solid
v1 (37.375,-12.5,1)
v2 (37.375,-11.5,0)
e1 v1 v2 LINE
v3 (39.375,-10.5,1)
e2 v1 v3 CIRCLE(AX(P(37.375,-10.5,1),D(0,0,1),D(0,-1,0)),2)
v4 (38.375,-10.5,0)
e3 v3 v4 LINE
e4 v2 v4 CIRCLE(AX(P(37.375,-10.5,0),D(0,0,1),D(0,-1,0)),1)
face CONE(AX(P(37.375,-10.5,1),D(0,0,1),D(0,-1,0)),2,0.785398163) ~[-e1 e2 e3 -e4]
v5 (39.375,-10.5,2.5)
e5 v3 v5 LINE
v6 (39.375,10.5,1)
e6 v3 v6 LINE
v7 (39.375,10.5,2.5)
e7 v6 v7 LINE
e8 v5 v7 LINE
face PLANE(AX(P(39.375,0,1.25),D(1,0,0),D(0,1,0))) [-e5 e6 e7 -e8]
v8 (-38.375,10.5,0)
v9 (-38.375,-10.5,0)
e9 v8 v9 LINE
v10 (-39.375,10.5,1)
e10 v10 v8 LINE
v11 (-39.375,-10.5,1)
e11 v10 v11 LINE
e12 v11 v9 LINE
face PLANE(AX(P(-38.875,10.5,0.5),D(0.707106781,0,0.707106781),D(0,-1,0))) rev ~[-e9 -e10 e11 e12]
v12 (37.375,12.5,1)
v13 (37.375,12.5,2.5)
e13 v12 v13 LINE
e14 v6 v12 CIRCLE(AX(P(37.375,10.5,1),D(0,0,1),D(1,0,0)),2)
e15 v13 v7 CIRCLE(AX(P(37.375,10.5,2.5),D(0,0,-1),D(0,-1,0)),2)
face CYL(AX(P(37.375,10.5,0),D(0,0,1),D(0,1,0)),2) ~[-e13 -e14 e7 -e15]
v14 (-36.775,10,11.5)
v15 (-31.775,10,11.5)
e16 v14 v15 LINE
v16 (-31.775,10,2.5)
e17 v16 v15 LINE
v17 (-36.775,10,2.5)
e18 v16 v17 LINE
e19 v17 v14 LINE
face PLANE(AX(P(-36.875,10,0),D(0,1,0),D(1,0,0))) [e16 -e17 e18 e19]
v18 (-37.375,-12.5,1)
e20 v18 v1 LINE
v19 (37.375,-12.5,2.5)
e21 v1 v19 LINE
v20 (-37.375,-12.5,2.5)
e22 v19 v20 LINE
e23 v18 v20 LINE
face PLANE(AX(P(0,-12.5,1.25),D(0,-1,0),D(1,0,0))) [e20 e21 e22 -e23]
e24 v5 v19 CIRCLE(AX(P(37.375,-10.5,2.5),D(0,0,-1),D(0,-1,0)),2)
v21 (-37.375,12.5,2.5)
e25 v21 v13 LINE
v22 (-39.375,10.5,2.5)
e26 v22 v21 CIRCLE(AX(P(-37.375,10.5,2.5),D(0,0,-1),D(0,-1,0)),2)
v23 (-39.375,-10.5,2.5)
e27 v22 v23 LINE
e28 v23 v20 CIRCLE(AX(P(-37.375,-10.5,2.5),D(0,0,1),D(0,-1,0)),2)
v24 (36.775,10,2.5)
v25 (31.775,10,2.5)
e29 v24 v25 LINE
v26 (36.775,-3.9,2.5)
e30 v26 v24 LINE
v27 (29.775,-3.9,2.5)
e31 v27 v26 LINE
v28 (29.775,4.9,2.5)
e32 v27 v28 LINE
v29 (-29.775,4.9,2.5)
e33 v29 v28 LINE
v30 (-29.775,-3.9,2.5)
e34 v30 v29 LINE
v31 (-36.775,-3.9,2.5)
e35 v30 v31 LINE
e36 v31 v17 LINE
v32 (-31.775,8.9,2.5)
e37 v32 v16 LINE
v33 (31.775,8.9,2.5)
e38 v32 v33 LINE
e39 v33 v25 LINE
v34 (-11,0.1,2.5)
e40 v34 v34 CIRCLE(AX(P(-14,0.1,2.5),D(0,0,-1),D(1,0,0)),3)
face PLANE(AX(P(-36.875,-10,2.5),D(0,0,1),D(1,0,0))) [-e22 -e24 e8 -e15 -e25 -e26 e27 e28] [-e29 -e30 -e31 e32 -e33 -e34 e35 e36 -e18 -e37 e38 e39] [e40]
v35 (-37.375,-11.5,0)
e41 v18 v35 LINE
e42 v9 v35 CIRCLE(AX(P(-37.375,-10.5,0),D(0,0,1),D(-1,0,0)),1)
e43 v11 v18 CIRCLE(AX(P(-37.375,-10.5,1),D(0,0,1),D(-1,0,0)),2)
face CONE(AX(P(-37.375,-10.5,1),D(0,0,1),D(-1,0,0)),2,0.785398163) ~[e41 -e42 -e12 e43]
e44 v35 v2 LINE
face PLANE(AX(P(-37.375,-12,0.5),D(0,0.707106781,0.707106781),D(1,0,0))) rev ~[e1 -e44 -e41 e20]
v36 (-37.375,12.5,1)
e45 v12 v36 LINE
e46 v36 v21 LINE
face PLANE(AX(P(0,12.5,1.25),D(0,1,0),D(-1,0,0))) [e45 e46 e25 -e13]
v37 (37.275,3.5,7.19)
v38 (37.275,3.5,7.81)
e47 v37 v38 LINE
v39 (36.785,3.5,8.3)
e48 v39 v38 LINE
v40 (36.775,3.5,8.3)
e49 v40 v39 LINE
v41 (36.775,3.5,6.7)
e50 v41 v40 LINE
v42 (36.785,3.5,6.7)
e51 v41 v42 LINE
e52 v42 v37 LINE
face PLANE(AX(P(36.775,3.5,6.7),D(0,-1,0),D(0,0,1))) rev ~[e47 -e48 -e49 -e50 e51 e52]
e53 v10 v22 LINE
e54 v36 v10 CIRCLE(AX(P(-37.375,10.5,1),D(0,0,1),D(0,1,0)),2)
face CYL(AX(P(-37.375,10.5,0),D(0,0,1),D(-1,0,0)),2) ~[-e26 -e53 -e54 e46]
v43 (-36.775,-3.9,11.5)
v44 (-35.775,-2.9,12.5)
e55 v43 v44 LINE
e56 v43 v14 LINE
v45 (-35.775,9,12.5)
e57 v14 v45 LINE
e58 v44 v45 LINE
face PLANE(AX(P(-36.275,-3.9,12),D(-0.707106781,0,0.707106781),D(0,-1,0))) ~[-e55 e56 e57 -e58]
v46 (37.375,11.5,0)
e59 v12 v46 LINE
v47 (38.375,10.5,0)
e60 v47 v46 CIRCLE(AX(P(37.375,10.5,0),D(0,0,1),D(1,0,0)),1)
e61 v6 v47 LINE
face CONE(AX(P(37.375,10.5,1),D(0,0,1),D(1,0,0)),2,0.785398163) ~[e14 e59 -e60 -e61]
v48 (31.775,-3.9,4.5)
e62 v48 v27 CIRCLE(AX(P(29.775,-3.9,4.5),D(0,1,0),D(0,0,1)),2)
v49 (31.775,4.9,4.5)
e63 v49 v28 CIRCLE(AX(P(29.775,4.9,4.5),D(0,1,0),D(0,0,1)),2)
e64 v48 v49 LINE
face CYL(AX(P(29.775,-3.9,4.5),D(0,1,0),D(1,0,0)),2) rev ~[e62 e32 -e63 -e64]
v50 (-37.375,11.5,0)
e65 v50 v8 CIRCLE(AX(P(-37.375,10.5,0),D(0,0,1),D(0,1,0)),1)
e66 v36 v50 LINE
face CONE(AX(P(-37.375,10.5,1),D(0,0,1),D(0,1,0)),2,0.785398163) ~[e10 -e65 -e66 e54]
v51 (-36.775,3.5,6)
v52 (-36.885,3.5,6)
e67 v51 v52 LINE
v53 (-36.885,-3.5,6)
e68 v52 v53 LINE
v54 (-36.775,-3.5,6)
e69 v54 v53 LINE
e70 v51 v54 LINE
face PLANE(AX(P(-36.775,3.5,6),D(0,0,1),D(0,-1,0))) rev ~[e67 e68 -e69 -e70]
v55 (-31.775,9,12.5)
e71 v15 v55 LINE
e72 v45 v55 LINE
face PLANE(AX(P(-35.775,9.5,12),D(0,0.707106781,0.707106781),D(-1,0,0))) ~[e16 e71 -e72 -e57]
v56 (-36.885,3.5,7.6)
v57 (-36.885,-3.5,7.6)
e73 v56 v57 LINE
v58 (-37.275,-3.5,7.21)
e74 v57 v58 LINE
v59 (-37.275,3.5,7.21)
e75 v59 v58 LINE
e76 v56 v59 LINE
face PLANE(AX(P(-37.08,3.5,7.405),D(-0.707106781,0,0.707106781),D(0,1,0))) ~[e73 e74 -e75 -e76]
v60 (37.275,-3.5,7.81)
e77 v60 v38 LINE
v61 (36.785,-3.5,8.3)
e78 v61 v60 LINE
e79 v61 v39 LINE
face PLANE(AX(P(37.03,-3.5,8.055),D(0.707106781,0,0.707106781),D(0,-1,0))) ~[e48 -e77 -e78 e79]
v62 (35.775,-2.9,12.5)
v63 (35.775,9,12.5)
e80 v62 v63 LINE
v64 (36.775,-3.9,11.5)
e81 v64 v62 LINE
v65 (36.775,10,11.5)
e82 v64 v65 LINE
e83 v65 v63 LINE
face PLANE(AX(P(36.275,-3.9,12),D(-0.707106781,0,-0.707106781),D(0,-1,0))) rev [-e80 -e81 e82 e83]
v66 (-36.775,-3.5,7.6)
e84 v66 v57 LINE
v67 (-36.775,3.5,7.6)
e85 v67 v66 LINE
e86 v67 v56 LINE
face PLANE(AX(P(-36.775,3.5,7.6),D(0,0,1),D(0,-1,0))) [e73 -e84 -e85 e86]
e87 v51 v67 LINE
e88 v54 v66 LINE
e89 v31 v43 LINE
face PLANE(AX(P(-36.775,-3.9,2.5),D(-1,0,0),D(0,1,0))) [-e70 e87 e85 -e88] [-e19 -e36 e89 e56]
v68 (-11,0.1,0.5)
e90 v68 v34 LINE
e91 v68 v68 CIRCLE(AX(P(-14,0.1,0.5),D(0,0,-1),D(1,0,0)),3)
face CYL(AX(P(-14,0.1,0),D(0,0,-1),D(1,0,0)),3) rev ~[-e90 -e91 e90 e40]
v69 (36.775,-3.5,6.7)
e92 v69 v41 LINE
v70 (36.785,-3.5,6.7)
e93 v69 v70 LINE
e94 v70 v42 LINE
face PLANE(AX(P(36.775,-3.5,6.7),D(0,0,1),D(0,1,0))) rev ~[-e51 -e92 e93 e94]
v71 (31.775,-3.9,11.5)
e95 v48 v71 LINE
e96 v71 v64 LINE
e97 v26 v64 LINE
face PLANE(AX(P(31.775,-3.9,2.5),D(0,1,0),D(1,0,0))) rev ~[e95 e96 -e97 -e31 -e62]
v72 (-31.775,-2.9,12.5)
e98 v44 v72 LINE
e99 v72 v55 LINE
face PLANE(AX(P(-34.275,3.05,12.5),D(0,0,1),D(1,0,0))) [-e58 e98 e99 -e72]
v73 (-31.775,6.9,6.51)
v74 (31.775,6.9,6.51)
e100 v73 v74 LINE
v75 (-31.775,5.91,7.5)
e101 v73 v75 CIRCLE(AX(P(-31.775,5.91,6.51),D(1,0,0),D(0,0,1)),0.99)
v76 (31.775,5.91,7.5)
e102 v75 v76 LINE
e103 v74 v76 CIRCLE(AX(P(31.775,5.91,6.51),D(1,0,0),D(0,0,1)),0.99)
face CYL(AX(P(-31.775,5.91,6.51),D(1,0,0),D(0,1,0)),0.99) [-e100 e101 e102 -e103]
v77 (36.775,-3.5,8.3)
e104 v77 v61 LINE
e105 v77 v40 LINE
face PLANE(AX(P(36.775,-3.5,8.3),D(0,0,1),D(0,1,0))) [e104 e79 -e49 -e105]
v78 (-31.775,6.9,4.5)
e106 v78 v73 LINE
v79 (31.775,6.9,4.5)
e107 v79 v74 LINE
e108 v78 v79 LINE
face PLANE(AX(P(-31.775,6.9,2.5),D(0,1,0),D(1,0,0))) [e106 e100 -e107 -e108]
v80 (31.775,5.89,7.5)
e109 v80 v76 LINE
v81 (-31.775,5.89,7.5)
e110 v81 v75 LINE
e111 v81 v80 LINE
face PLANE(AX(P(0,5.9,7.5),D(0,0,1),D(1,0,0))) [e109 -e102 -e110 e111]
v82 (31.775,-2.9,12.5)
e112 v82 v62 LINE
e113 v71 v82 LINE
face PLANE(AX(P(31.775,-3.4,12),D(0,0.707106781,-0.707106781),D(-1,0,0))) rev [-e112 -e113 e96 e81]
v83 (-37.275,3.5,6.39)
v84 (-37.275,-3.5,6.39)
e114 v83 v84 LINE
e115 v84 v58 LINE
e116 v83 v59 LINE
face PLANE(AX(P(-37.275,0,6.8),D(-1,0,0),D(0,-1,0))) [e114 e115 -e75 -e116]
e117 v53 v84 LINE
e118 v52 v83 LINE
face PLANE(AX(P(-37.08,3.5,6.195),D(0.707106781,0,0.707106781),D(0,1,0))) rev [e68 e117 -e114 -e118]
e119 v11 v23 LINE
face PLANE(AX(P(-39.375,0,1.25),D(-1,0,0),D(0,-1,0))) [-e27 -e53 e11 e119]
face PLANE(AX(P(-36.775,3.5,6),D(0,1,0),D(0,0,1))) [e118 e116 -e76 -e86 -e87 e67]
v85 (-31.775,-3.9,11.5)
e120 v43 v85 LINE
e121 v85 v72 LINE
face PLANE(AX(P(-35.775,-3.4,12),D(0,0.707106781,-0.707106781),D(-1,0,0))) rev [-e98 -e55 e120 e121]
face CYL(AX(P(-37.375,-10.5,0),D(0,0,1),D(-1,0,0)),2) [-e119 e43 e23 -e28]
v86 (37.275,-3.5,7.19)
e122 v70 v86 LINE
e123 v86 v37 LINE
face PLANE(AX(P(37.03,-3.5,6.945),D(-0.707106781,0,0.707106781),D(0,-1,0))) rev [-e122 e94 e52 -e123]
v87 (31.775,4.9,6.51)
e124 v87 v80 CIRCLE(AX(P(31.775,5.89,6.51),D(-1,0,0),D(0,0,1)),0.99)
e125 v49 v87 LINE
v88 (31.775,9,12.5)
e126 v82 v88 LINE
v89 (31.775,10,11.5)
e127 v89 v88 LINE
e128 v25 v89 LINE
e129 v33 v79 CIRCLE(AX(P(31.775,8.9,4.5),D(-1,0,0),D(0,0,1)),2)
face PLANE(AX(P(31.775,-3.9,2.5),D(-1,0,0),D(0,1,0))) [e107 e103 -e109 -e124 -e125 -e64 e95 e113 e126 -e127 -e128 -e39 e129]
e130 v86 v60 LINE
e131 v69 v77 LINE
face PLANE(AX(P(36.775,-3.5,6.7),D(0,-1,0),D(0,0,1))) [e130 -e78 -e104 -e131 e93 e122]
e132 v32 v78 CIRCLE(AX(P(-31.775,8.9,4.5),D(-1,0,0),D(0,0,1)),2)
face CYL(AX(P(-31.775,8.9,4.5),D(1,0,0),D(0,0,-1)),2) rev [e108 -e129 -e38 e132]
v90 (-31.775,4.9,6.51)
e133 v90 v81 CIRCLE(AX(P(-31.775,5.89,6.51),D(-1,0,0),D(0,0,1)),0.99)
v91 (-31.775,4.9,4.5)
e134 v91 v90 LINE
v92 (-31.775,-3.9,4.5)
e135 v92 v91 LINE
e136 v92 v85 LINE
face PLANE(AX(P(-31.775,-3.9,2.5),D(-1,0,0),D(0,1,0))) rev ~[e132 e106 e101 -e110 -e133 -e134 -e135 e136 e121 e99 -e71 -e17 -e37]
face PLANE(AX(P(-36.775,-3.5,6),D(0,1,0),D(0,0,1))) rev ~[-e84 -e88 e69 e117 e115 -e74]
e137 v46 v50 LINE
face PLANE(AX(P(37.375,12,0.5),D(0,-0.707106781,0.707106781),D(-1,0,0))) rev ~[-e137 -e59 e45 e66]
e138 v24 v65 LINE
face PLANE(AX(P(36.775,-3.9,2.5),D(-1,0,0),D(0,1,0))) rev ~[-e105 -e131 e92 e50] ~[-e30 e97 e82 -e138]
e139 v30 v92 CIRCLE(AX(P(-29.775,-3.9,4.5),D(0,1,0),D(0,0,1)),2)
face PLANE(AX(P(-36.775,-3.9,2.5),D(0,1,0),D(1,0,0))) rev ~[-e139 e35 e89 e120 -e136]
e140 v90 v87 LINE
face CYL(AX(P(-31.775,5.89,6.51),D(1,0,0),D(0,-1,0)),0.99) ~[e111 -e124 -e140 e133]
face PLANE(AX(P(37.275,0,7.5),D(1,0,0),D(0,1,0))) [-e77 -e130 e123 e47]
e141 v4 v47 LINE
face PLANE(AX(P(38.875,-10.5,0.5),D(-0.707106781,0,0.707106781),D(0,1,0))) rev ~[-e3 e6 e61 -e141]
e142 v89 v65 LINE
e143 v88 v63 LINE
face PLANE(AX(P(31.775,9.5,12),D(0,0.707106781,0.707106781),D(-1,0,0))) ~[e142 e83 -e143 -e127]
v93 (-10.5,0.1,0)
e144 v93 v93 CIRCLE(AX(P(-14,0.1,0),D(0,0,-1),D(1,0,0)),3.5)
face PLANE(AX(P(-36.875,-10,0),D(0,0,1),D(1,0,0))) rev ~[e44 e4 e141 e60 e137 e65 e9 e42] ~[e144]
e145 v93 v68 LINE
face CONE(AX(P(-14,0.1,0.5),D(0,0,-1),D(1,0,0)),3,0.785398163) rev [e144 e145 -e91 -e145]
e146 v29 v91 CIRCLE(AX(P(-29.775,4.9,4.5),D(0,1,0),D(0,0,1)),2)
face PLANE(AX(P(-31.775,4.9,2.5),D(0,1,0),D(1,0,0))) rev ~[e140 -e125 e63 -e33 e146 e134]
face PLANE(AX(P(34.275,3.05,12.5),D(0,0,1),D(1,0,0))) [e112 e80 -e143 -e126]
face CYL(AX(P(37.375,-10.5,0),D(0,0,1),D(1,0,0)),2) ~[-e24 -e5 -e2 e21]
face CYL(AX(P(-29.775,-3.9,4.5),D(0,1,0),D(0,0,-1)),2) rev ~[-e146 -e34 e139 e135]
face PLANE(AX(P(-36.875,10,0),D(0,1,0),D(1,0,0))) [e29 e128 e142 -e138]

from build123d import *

# Parameters (mm, degrees)
SKETCH_W        = 73.75
SKETCH_H        = 20
PAD_DEPTH       = 2.5
SKETCH001_W     = 5
SKETCH001_H     = 13.9
PAD001_DEPTH    = 10
SKETCH002_W     = 25
SKETCH002_H     = 2.5
PAD002_DEPTH    = 2.5
SKETCH003_W     = 25
SKETCH003_H     = 2.5
PAD003_DEPTH    = 2.5
SKETCH004_W     = 73.75
SKETCH004_H     = 2.5
PAD004_DEPTH    = 2.5
SKETCH005_W     = 73.75
SKETCH005_H     = 2.5
PAD005_DEPTH    = 2.5
FILLET_R        = 2
SKETCH006_R     = 3
POCKET_DEPTH    = 5
CHAMFER_SIZE    = 0.5
SKETCH007_W     = 7
SKETCH007_H     = 1.6
PAD006_DEPTH    = 0.5
CHAMFER001_SIZE = 0.39
SKETCH008_W     = 7
SKETCH008_H     = 1.6
PAD007_DEPTH    = 0.5
CHAMFER002_SIZE = 0.49
CHAMFER003_SIZE = 1
CHAMFER004_SIZE = 1
CHAMFER005_SIZE = 1
SKETCH009_W     = 63.55
SKETCH009_H     = 2
PAD008_DEPTH    = 5
FILLET001_R     = 2
FILLET002_R     = 0.99
FILLET003_R     = 2


with BuildPart() as part:
    # Sketch → Pad (new body)
    with BuildSketch(Plane.XY):
        Rectangle(SKETCH_W, SKETCH_H)
    extrude(amount=PAD_DEPTH)

    # Sketch001 (on Face6 of Pad) → Pad001 (join)
    with BuildSketch(Plane.XY.offset(2.5)):
        with Locations((34.275, 3.05)):
            Rectangle(SKETCH001_W, SKETCH001_H)
        with Locations((-34.275, 3.05)):
            Rectangle(SKETCH001_W, SKETCH001_H)
    extrude(amount=PAD001_DEPTH)

    # Sketch002 (on Face2 of Pad001) → Pad002 (join)
    with BuildSketch(Plane(origin=(-36.875, 0, 0), x_dir=(0, -1, 0), z_dir=(-1, 0, 0))):
        with Locations((0, 1.25)):
            Rectangle(SKETCH002_W, SKETCH002_H)
    extrude(amount=PAD002_DEPTH)

    # Sketch003 (on Face16 of Pad002) → Pad003 (join)
    with BuildSketch(Plane.YZ.offset(36.875)):
        with Locations((0, 1.25)):
            Rectangle(SKETCH003_W, SKETCH003_H)
    extrude(amount=PAD003_DEPTH)

    # Sketch004 (on Face10 of Pad003) → Pad004 (join)
    with BuildSketch(Plane(origin=(0, 10, 0), x_dir=(-1, 0, 0), z_dir=(0, 1, 0))):
        with Locations((0, 1.25)):
            Rectangle(SKETCH004_W, SKETCH004_H)
    extrude(amount=PAD004_DEPTH)

    # Sketch005 (on Face10 of Pad004) → Pad005 (join)
    with BuildSketch(Plane.XZ.offset(10)):
        with Locations((0, 1.25)):
            Rectangle(SKETCH005_W, SKETCH005_H)
    extrude(amount=PAD005_DEPTH)

    # Fillet
    fillet_edges = [part.edges().sort_by_distance(p)[0] for p in [
        (39.375, -12.5, 1.25),
        (39.375, 12.5, 1.25),
        (-39.375, 12.5, 1.25),
        (-39.375, -12.5, 1.25),
    ]]
    fillet(fillet_edges, radius=FILLET_R)

    # Sketch006 (on Face23 of Fillet) → Pocket (cut)
    with BuildSketch(Plane(origin=(0, 0, 0), x_dir=(1, 0, 0), z_dir=(0, 0, -1))):
        with Locations((-14, -0.1)):
            Circle(SKETCH006_R)
    extrude(amount=-POCKET_DEPTH, mode=Mode.SUBTRACT)

    # Chamfer
    chamfer_edges = [part.edges().sort_by_distance(p)[0] for p in [
        (-17, 0.1, 0),
    ]]
    chamfer(chamfer_edges, length=CHAMFER_SIZE)

    # Sketch007 (on Face7 of Chamfer) → Pad006 (join)
    with BuildSketch(Plane(origin=(-36.775, 0, 0), x_dir=(0, -1, 0), z_dir=(-1, 0, 0))):
        with Locations((0, 6.8)):
            Rectangle(SKETCH007_W, SKETCH007_H)
    extrude(amount=PAD006_DEPTH)

    # Chamfer001
    chamfer001_edges = [part.edges().sort_by_distance(p)[0] for p in [
        (-37.275, 0, 6),
        (-37.275, 0, 7.6),
    ]]
    chamfer(chamfer001_edges, length=CHAMFER001_SIZE)

    # Sketch008 (on Face18 of Chamfer001) → Pad007 (join)
    with BuildSketch(Plane.YZ.offset(36.775)):
        with Locations((0, 7.5)):
            Rectangle(SKETCH008_W, SKETCH008_H)
    extrude(amount=PAD007_DEPTH)

    # Chamfer002
    chamfer002_edges = [part.edges().sort_by_distance(p)[0] for p in [
        (37.275, 0, 6.7),
        (37.275, 0, 8.3),
    ]]
    chamfer(chamfer002_edges, length=CHAMFER002_SIZE)

    # Chamfer003
    chamfer003_edges = [part.edges().sort_by_distance(p)[0] for p in [
        (36.775, 3.05, 12.5),
        (-36.775, 3.05, 12.5),
    ]]
    chamfer(chamfer003_edges, length=CHAMFER003_SIZE)

    # Chamfer004
    chamfer004_edges = [part.edges().sort_by_distance(p)[0] for p in [
        (-33.775, -3.9, 12.5),
        (-33.775, 10, 12.5),
        (33.775, -3.9, 12.5),
        (33.775, 10, 12.5),
    ]]
    chamfer(chamfer004_edges, length=CHAMFER004_SIZE)

    # Chamfer005
    chamfer005_edges = [part.edges().sort_by_distance(p)[0] for p in [
        (39.375, 0, 0),
    ]]
    chamfer(chamfer005_edges, length=CHAMFER005_SIZE)

    # Sketch009 (on Face12 of Chamfer005) → Pad008 (join)
    with BuildSketch(Plane.XY.offset(2.5)):
        with Locations((0, 5.9)):
            Rectangle(SKETCH009_W, SKETCH009_H)
    extrude(amount=PAD008_DEPTH)

    # Fillet001
    fillet001_edges = [part.edges().sort_by_distance(p)[0] for p in [
        (0, 6.9, 2.5),
    ]]
    fillet(fillet001_edges, radius=FILLET001_R)

    # Fillet002
    fillet002_edges = [part.edges().sort_by_distance(p)[0] for p in [
        (0, 4.9, 7.5),
        (0, 6.9, 7.5),
    ]]
    fillet(fillet002_edges, radius=FILLET002_R)

    # Fillet003
    fillet003_edges = [part.edges().sort_by_distance(p)[0] for p in [
        (-31.775, 0.5, 2.5),
        (31.775, 0.5, 2.5),
    ]]
    fillet(fillet003_edges, radius=FILLET003_R)


solid = part.part
